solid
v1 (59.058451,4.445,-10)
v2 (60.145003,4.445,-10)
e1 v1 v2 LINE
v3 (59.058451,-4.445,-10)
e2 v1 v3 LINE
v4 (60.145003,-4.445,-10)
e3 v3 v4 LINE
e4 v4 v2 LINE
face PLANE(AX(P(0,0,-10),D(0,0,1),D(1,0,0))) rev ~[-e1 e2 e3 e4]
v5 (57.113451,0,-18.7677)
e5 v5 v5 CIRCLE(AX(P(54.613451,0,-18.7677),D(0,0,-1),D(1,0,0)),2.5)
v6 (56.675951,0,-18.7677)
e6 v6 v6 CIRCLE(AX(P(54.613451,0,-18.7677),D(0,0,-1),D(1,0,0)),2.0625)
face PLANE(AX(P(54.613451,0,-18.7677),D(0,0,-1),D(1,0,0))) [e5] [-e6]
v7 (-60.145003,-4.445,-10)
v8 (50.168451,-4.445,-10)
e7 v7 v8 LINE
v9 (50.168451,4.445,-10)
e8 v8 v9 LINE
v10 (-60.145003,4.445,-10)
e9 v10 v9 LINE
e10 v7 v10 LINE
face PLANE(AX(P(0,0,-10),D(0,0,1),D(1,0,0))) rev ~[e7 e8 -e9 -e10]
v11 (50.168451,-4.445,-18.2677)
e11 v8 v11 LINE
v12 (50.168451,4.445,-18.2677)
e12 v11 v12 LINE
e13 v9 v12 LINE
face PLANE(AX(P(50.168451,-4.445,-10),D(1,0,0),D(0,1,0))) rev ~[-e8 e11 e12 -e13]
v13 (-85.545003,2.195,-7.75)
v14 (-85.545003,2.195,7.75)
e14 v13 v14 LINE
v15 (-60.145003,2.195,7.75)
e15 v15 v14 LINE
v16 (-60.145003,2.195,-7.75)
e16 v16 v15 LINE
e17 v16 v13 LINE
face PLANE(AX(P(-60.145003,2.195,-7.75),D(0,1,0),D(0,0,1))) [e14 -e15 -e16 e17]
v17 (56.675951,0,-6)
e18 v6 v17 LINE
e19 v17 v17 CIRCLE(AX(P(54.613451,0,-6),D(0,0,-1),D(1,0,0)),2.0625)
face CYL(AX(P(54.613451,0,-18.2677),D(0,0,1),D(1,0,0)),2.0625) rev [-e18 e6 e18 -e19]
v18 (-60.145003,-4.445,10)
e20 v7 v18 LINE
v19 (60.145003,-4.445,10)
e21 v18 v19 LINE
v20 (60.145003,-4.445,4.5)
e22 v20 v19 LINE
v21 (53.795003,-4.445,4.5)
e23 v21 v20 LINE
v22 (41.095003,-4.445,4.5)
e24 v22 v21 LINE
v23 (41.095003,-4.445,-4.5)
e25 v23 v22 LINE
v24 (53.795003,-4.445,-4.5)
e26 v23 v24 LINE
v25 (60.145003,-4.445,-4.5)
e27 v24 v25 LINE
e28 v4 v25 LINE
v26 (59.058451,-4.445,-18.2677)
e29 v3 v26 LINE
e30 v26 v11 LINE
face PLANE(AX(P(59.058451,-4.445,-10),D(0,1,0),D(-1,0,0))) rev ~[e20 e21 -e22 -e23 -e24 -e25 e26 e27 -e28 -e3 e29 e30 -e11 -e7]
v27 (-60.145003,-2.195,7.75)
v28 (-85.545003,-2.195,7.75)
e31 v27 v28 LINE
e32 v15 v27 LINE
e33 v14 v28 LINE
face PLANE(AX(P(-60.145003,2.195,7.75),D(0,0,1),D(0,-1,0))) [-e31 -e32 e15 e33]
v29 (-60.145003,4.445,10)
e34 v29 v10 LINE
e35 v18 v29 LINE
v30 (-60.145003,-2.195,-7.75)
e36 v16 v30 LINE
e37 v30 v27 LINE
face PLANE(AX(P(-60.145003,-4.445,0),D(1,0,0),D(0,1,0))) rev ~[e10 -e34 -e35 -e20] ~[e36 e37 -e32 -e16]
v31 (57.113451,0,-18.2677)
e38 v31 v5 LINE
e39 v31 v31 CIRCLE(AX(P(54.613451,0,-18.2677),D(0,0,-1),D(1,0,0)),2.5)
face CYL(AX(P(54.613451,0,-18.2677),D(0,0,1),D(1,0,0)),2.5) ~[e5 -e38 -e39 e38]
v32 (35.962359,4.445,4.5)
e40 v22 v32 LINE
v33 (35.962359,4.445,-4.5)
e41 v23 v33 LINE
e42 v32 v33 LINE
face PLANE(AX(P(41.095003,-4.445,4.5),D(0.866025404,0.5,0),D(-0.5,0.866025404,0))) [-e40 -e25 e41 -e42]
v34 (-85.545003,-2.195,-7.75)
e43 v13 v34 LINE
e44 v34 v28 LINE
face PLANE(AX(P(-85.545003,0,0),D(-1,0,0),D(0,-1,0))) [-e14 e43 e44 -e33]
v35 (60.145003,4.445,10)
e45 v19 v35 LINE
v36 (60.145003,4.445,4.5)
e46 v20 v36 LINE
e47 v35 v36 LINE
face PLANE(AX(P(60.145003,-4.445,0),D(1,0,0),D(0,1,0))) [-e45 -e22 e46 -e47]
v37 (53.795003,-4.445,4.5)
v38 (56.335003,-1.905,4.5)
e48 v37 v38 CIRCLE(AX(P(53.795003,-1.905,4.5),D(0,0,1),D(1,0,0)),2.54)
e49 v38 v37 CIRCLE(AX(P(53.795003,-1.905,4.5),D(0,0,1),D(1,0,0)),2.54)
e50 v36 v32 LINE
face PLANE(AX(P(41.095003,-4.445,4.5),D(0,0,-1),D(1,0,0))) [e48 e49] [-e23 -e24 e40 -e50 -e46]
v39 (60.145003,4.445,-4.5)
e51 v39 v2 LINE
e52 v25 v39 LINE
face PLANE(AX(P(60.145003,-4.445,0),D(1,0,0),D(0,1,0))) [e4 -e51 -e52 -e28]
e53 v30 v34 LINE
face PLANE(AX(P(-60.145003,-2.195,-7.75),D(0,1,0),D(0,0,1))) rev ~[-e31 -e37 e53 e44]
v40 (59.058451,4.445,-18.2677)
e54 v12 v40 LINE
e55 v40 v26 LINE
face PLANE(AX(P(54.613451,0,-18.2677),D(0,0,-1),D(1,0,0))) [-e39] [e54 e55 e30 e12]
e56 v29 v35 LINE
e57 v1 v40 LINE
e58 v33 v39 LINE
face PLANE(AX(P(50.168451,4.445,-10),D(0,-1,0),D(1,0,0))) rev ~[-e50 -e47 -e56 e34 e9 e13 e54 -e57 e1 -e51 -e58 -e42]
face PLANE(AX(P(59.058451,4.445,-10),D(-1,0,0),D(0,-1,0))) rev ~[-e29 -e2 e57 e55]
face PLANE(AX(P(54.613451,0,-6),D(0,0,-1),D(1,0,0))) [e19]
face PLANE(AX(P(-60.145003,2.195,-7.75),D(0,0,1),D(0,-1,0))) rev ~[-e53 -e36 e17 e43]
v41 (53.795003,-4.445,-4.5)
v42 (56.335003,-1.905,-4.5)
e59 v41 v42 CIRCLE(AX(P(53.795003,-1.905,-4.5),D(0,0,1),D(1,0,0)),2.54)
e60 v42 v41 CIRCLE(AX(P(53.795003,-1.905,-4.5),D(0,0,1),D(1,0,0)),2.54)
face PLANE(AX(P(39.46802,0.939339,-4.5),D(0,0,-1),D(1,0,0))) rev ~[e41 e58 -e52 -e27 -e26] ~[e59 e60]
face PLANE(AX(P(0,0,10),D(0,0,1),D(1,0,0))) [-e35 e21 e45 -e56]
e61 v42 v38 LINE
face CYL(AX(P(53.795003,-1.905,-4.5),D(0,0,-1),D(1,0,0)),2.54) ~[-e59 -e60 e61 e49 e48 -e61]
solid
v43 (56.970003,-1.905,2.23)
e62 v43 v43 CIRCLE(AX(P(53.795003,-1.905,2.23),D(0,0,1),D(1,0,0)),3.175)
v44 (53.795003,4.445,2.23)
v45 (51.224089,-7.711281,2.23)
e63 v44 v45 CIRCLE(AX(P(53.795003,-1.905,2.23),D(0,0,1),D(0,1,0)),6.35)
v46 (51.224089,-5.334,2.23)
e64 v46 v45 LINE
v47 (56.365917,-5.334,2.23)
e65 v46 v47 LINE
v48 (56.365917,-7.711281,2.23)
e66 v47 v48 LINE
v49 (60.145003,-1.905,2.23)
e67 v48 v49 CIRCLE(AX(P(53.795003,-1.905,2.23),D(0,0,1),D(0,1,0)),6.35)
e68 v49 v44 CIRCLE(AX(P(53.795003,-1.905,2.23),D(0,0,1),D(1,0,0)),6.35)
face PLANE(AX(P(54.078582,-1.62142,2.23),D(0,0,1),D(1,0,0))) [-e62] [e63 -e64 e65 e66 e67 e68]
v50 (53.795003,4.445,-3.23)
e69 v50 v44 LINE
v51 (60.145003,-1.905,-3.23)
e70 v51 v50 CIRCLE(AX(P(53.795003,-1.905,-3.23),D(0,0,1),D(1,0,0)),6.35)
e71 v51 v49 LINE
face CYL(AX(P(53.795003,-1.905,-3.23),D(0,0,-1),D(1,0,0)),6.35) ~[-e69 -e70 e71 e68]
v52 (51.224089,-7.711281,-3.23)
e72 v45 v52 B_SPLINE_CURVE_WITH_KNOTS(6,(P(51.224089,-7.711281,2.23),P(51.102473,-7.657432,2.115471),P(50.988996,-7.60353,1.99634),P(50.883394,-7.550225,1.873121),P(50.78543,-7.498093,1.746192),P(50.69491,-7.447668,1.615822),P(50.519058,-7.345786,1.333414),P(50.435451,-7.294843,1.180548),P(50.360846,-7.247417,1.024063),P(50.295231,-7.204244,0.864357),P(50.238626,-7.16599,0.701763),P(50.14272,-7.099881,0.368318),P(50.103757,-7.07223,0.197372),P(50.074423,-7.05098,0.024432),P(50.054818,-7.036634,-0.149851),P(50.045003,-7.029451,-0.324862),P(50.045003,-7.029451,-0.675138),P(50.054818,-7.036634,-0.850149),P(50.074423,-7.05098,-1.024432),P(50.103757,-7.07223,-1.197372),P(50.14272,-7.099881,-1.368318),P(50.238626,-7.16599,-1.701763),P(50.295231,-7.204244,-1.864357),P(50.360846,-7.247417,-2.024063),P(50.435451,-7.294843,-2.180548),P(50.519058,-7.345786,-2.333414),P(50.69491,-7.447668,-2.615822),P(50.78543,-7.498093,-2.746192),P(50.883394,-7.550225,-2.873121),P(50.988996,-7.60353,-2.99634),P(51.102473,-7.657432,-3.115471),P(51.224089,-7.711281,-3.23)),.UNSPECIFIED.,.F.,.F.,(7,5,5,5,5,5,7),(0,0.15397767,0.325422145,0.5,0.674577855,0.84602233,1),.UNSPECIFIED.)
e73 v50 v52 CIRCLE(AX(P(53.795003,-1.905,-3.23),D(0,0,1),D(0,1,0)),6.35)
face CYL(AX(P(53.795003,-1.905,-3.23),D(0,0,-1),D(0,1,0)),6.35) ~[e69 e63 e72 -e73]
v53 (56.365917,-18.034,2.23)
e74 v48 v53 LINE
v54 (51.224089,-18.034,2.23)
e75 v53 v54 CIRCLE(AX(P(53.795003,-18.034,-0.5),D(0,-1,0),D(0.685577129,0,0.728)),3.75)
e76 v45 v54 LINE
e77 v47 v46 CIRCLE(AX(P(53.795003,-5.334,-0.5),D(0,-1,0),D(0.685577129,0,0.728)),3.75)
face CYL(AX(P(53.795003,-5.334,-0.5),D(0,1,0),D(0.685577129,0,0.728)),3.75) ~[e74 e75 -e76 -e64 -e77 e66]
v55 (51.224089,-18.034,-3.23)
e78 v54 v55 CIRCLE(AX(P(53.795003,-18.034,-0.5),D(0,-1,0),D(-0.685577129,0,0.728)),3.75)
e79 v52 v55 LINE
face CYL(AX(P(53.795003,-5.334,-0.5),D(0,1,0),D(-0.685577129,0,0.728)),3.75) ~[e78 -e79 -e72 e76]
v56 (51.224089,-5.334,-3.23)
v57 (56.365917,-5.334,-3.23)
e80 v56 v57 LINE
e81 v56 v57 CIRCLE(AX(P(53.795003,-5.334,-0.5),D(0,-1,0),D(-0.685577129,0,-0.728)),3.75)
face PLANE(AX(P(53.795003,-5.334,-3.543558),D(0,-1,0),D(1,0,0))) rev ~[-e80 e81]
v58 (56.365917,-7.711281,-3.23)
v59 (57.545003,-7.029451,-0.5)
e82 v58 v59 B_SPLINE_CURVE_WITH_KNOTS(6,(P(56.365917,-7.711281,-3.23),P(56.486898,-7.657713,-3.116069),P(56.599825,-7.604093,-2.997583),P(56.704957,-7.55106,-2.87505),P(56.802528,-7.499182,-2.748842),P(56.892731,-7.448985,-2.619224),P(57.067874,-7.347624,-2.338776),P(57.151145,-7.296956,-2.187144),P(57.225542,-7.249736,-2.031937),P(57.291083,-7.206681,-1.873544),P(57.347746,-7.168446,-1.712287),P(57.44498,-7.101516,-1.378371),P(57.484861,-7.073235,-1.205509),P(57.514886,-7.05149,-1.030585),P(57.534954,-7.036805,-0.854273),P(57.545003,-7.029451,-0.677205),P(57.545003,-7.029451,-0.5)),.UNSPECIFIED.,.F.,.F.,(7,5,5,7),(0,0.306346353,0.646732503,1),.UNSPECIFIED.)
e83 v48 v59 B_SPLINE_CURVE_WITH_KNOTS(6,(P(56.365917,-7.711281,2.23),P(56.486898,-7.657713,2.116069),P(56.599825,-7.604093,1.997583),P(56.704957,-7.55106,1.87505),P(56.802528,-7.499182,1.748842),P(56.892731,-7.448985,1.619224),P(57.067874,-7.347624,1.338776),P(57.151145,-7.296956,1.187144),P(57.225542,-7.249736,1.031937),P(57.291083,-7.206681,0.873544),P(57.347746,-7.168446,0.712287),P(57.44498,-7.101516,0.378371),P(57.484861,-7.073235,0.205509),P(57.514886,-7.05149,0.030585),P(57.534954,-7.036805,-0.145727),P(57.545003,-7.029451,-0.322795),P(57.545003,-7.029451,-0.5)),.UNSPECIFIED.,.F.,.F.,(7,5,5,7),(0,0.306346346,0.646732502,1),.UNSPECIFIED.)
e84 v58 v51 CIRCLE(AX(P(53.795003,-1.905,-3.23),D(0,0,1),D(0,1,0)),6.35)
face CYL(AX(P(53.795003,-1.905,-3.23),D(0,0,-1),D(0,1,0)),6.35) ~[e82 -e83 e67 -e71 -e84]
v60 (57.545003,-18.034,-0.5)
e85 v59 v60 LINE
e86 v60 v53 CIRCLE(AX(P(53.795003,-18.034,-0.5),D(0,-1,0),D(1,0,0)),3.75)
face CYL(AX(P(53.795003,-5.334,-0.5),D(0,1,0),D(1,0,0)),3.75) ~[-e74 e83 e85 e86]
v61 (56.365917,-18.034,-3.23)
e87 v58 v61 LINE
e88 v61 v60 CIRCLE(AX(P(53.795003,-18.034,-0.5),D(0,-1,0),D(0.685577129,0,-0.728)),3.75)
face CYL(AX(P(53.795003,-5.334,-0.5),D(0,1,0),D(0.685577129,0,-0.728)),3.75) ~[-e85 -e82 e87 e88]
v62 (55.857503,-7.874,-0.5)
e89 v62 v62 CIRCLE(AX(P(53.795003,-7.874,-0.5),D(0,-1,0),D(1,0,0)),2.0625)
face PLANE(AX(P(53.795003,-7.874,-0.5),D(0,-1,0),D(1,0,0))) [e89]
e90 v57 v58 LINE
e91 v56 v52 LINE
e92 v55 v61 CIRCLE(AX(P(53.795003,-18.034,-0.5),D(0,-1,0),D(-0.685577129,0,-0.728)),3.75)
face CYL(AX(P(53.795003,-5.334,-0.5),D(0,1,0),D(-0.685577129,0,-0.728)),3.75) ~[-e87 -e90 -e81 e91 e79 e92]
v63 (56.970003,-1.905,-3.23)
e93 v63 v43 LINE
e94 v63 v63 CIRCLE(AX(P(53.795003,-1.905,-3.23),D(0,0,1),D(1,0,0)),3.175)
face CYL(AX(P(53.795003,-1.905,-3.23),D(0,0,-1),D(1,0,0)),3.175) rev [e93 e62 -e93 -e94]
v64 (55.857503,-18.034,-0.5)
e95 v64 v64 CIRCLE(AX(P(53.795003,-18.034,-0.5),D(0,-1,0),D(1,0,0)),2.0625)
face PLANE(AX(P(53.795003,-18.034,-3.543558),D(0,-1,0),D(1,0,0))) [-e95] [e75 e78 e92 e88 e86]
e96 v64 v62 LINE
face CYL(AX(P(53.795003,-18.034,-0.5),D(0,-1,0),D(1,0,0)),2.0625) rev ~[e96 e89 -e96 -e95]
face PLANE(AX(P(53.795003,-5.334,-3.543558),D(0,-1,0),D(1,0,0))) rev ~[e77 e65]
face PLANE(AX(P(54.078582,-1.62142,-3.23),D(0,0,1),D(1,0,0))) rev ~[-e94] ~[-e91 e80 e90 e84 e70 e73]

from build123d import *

# Parameters (mm, degrees)
F0_W      = 120.2900058
F0_H      = 8.89
F1_DEPTH  = 10
F2_W      = 4.39
F2_H      = 15.5
F3_DEPTH  = 25.4
F4_W      = 19.05
F4_H      = 9
F5_DEPTH  = 8.891
F6_R      = 2.54
F7_DEPTH  = 9
F9_R      = 3.175
F10_DEPTH = 5.46
F13_DEPTH = 12.7
F14_R     = 2.0625
F15_DEPTH = 10.16
F16_R     = 2.0625
F17_DEPTH = 4
F18_R     = 2.0625
F19_DEPTH = 8.267699999
F20_R     = 2.5
F20_R_2   = 2.0625
F21_DEPTH = 0.5
F23_DEPTH = 9


with BuildPart() as f1:
    # F0 (on Top) → F1 (new body, symmetric)
    with BuildSketch(Plane.XY):
        Rectangle(F0_W, F0_H)
    extrude(amount=F1_DEPTH, both=True)

    # F2 (on face) → F3 (join)
    with BuildSketch(Plane(origin=(-60.1450029, 0, 0), x_dir=(0, -1, 0), z_dir=(-1, 0, 0))):
        Rectangle(F2_W, F2_H)
    extrude(amount=F3_DEPTH)

    # F4 (on face) → F5 (cut, through all)
    with BuildSketch(Plane.XZ.offset(4.445)):
        with Locations((50.6200029, 0)):
            Rectangle(F4_W, F4_H)
    extrude(amount=-F5_DEPTH, mode=Mode.SUBTRACT)

    # F6 (on face) → F7 (join, through all)
    with BuildSketch(Plane.XY.offset(-4.5)):
        with Locations((53.7950029, -1.905)):
            Circle(F6_R)
    extrude(amount=F7_DEPTH)

    # F16 (on face) → F17 (cut)
    with BuildSketch(Plane(origin=(0, 0, -10), x_dir=(1, 0, 0), z_dir=(0, 0, -1))):
        with Locations((54.6134511488, 0)):
            Circle(F16_R)
    extrude(amount=-F17_DEPTH, mode=Mode.SUBTRACT)

    # F18 (on face) → F19 (join)
    with BuildSketch(Plane(origin=(0, 0, -10), x_dir=(1, 0, 0), z_dir=(0, 0, -1))):
        with BuildLine():
            ThreePointArc((54.6134511488, -4.445), (57.7565407912, -3.1430896424), (59.0584511488, 0))
            ThreePointArc((59.0584511488, 0), (57.7565407912, 3.1430896424), (54.6134511488, 4.445))
            ThreePointArc((54.6134511488, 4.445), (51.4703615087, 3.1430896446), (50.1684511488, 6.4e-09))
            ThreePointArc((50.1684511488, 6.4e-09), (51.4703615042, -3.1430896401), (54.6134511488, -4.445))
        make_face()
        with Locations((54.6134511488, 0)):
            Circle(F18_R, mode=Mode.SUBTRACT)
        with BuildLine():
            Line((59.0584511488, -4.445), (59.0584511488, 0))
            ThreePointArc((59.0584511488, 0), (57.7565407912, -3.1430896424), (54.6134511488, -4.445))
            Line((54.6134511488, -4.445), (59.0584511488, -4.445))
        make_face()
        with BuildLine():
            ThreePointArc((54.6134511488, 4.445), (57.7565407912, 3.1430896424), (59.0584511488, 0))
            Line((59.0584511488, 0), (59.0584511488, 4.445))
            Line((59.0584511488, 4.445), (54.6134511488, 4.445))
        make_face()
        with BuildLine():
            ThreePointArc((50.1684511488, 6.4e-09), (51.4703615087, 3.1430896446), (54.6134511488, 4.445))
            Line((54.6134511488, 4.445), (50.1684511488, 4.445))
            Line((50.1684511488, 4.445), (50.1684511488, 6.4e-09))
        make_face()
        with BuildLine():
            Line((50.1684511488, -4.445), (54.6134511488, -4.445))
            ThreePointArc((54.6134511488, -4.445), (51.4703615042, -3.1430896401), (50.1684511488, 6.4e-09))
            Line((50.1684511488, 6.4e-09), (50.1684511488, -4.445))
        make_face()
    extrude(amount=F19_DEPTH)

    # F20 (on face) → F21 (join)
    with BuildSketch(Plane(origin=(0, 0, -18.267699999), x_dir=(1, 0, 0), z_dir=(0, 0, -1))):
        with Locations((54.6134511488, 0)):
            Circle(F20_R)
        with Locations((54.6134511488, 0)):
            Circle(F20_R_2, mode=Mode.SUBTRACT)
    extrude(amount=F21_DEPTH)

    # F22 (on face) → F23 (cut)
    with BuildSketch(Plane(origin=(0, 0, 4.5), x_dir=(1, 0, 0), z_dir=(0, 0, -1))):
        Polygon((41.0950029, -4.445), (41.0950029, 4.445), (35.9623590069, -4.445), align=None)
    extrude(amount=F23_DEPTH, mode=Mode.SUBTRACT)


with BuildPart() as f10:
    # F9 (on offset) → F10 (new body)
    with BuildSketch(Plane.XY.offset(-3.23)):
        with BuildLine():
            ThreePointArc((53.7950029, 4.445), (49.3048748395, -6.3951280605), (60.1450029, -1.905))
            ThreePointArc((60.1450029, -1.905), (58.2851309605, 2.5851280605), (53.7950029, 4.445))
        make_face()
        with Locations((53.7950029, -1.905)):
            Circle(F9_R, mode=Mode.SUBTRACT)
    extrude(amount=F10_DEPTH)

    # F12 (on offset) → F13 (join)
    with BuildSketch(Plane.XZ.offset(5.334)):
        with BuildLine():
            ThreePointArc((51.2240886657, -3.23), (53.7950029, -4.25), (56.3659171343, -3.23))
            Line((56.3659171343, -3.23), (51.2240886657, -3.23))
        make_face()
        with BuildLine():
            Line((51.2240886657, -3.23), (56.3659171343, -3.23))
            ThreePointArc((56.3659171343, -3.23), (57.2376347696, -1.986871148), (57.5450029, -0.5))
            ThreePointArc((57.5450029, -0.5), (57.2376347696, 0.986871148), (56.3659171343, 2.23))
            Line((56.3659171343, 2.23), (51.2240886657, 2.23))
            ThreePointArc((51.2240886657, 2.23), (50.0450029, -0.5), (51.2240886657, -3.23))
        make_face()
        with BuildLine():
            ThreePointArc((56.3659171343, 2.23), (53.7950029, 3.25), (51.2240886657, 2.23))
            Line((51.2240886657, 2.23), (56.3659171343, 2.23))
        make_face()
    extrude(amount=F13_DEPTH)

    # F14 (on face) → F15 (cut)
    with BuildSketch(Plane.XZ.offset(18.034)):
        with Locations((53.7950029, -0.5)):
            Circle(F14_R)
    extrude(amount=-F15_DEPTH, mode=Mode.SUBTRACT)


solid = Compound([f1.part, f10.part])
